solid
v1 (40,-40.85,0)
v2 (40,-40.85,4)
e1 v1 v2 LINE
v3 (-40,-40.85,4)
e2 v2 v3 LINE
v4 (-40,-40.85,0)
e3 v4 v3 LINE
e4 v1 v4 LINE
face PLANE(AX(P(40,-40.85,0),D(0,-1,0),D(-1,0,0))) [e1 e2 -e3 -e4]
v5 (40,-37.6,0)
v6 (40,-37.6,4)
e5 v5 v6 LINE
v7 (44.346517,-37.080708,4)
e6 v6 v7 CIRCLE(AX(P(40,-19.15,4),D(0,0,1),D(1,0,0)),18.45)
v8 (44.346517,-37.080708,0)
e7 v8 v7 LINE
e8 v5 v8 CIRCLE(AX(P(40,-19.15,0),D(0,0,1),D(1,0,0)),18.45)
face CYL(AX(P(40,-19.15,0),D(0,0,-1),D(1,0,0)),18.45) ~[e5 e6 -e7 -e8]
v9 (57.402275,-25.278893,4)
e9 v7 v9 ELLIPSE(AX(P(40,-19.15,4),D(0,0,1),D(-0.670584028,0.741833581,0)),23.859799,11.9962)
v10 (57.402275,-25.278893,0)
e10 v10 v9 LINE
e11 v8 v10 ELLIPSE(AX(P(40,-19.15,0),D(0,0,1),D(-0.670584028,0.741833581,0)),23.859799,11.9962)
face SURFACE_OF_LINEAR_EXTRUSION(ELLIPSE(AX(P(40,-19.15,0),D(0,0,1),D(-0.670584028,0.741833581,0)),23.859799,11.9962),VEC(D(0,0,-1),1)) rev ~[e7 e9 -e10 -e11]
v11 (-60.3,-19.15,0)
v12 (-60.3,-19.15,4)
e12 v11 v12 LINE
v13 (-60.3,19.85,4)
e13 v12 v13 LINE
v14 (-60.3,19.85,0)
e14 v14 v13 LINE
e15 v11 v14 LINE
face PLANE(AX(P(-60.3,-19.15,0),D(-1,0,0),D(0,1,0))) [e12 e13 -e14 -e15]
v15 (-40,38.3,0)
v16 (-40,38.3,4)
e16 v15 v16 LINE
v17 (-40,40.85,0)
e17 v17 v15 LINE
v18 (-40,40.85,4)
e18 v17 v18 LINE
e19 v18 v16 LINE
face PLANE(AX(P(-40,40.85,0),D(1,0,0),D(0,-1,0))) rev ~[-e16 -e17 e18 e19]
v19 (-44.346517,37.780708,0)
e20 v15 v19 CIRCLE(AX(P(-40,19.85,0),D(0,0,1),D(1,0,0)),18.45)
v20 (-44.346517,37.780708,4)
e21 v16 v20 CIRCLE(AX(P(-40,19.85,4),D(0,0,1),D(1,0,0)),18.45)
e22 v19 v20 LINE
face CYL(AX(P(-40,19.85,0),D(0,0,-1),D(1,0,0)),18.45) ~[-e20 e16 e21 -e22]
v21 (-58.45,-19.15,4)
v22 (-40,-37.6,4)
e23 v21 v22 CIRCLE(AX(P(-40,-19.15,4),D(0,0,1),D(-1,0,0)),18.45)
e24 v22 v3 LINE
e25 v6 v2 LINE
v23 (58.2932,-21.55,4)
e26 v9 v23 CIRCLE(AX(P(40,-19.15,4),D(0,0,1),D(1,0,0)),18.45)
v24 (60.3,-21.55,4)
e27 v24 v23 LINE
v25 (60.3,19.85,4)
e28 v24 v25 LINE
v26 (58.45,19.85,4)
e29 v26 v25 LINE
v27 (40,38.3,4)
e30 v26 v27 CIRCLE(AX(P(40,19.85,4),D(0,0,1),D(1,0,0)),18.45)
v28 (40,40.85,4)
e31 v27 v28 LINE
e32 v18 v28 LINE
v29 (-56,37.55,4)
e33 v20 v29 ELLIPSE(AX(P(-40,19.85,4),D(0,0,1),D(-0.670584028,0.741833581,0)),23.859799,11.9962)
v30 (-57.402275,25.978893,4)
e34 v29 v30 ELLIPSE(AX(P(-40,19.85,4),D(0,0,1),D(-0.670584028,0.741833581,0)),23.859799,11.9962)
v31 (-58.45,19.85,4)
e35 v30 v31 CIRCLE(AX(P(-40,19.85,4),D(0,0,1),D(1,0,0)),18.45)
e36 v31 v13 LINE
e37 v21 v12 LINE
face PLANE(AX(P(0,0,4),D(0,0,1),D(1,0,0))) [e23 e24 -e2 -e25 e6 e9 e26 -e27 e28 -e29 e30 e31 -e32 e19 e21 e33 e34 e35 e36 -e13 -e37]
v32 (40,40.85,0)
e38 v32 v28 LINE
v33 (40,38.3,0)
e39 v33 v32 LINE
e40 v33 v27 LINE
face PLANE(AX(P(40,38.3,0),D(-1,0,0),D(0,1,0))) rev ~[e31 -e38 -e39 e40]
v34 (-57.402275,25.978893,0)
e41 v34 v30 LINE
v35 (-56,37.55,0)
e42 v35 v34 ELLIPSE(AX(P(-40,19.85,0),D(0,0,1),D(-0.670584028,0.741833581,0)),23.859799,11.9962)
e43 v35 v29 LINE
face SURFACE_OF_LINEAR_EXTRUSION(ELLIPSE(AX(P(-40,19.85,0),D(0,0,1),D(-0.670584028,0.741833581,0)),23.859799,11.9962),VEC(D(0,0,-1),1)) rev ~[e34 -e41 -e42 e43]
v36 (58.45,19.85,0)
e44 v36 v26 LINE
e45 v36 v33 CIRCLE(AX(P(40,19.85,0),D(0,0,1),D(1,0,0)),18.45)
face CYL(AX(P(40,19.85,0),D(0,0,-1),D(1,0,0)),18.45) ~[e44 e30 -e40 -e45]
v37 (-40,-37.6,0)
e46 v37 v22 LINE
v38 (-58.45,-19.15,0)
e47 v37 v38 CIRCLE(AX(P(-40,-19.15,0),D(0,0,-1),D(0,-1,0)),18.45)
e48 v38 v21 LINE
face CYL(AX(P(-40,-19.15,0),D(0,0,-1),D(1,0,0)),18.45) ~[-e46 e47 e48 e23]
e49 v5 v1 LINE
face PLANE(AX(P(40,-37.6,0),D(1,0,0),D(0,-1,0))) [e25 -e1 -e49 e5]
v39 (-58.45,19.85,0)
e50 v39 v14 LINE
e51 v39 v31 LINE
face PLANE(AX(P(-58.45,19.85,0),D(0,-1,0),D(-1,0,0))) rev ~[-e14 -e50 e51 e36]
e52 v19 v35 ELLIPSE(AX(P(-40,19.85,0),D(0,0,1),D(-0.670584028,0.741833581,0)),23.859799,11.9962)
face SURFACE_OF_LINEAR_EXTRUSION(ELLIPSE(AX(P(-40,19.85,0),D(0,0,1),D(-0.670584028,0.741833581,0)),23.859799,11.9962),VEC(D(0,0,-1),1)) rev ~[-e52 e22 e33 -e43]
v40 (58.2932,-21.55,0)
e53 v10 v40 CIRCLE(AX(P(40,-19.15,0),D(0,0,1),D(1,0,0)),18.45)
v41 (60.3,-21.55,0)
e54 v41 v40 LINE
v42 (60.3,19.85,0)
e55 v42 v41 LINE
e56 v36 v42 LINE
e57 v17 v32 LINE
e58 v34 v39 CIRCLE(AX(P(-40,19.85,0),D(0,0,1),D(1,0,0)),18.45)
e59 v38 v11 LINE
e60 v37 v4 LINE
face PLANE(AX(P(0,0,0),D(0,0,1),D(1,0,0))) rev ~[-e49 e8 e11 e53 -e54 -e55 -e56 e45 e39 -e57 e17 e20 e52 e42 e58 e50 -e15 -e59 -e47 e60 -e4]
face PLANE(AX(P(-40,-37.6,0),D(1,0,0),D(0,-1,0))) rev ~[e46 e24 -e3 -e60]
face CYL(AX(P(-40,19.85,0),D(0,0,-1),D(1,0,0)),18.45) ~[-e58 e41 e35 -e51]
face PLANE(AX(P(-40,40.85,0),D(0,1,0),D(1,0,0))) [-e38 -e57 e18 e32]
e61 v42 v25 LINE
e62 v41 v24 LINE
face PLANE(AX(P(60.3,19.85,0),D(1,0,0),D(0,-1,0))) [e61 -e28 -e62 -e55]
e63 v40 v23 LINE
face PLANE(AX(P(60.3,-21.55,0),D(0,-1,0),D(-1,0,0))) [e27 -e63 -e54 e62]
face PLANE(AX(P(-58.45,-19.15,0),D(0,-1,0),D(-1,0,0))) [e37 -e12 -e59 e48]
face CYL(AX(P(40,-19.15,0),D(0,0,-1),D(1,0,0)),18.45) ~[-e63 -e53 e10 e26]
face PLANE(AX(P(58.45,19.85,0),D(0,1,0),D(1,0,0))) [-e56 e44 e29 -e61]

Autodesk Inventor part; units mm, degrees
ref_plane "YZ Plane" through (0, 0, 0) normal (1, 0, 0) x (0, 1, 0)
ref_plane "XZ Plane" through (0, 0, 0) normal (0, 1, 0) x (-1, 0, 0)
ref_plane "XY Plane" through (0, 0, 0) normal (0, 0, 1) x (1, 0, 0)
sketch "Skizze1" plane through (0, 0, 0) normal (0, 0, 1) x (1, 0, 0)
  line L0 (-62.3, -42.85) -> (62.3, -42.85)
  line L1 (62.3, -42.85) -> (62.3, 42.85)
  line L2 (62.3, 42.85) -> (-62.3, 42.85)
  line L3 (-62.3, 42.85) -> (-62.3, -42.85)
  line L4 (-62.3, -42.85) -> (62.3, 42.85) construction
  line L5 (62.3, -42.85) -> (-62.3, 42.85) construction
  line L6 (-62, 42.85) -> (62, 42.85)
  line L7 (64, 40.85) -> (64, -40.85)
  line L8 (62, -42.85) -> (-62, -42.85)
  line L9 (-64, -40.85) -> (-64, 40.85)
  line L10 (-64, 42.85) -> (64, -42.85) construction
  line L11 (64, 42.85) -> (-64, -42.85) construction
  circle A0 centre (-40, 19.85) radius 18.45
  circle A1 centre (0, 19.85) radius 18.45
  circle A2 centre (40, 19.85) radius 18.45
  circle A3 centre (-40, -19.15) radius 18.45
  circle A4 centre (0, -19.15) radius 18.45
  circle A5 centre (40, -19.15) radius 18.45
  arc A6 (64, 40.85) -> (62, 42.85) centre (62, 40.85) ccw
  arc A7 (62, -42.85) -> (64, -40.85) centre (62, -40.85) ccw
  arc A8 (-64, -40.85) -> (-62, -42.85) centre (-62, -40.85) ccw
  arc A9 (-62, 42.85) -> (-64, 40.85) centre (-62, 40.85) ccw
  line L12 (-60.3, 40.85) -> (60.3, 40.85)
  line L13 (60.3, 40.85) -> (60.3, -40.85)
  line L14 (60.3, -40.85) -> (-60.3, -40.85)
  line L15 (-60.3, -40.85) -> (-60.3, 40.85)
  line L16 (-60.3, 40.85) -> (60.3, -40.85) construction
  line L17 (60.3, 40.85) -> (-60.3, -40.85) construction
  ellipse E0 centre (40, 19.85) end of major axis (24, 37.55) minor radius 11.9962
  ellipse E1 centre (0, 19.85) end of major axis (-16, 37.55) minor radius 11.9962
  ellipse E2 centre (-40, 19.85) end of major axis (-56, 37.55) minor radius 11.9962
  ellipse E3 centre (40, -19.15) end of major axis (24, -1.45) minor radius 11.9962
  ellipse E4 centre (0, -19.15) end of major axis (-16, -1.45) minor radius 11.9962
  ellipse E5 centre (-40, -19.15) end of major axis (-56, -1.45) minor radius 11.9962
  line L18 (-40, 40.85) -> (-60.3, 40.85)
  line L19 (-60.3, 40.85) -> (-60.3, 19.85)
  line L20 (-58.45, 19.85) -> (-60.3, 19.85)
  line L21 (-58.45, -19.15) -> (-60.3, -19.15)
  line L22 (-60.3, -40.85) -> (-60.3, -19.15)
  line L23 (-40, -37.6) -> (-40, -40.85)
  line L24 (-60.3, -40.85) -> (-40, -40.85)
  arc A10 (-40, 38.3) -> (-58.45, 19.85) centre (-40, 19.85) ccw
  line L25 (-40, 40.85) -> (-40, 38.3)
  line L26 (40, 38.3) -> (40, 40.85)
  line L27 (58.45, 19.85) -> (60.3, 19.85)
  line L28 (58.45, -19.15) -> (60.3, -19.15)
  line L29 (40, -37.6) -> (40, -40.85)
  line L30 (-60.3, -19.15) -> (-60.3, -21.55)
  line L31 (-60.3, -21.55) -> (-58.2932, -21.55)
  line L32 (60.3, -21.55) -> (58.2932, -21.55)
  point P0 (0, 0)
  point P1 (0, 0)
  point P2 (62, 42.85)
  point P3 (-22.5977, -25.2789)
  point P4 (-35.6534, -37.0807)
  point P5 (-57.4023, -13.0211)
  point P6 (-44.3466, -1.2193)
  point P7 (17.4023, -25.2789)
  point P8 (4.3466, -37.0807)
  point P9 (-17.4023, -13.0211)
  point P10 (-4.3466, -1.2193)
  point P11 (57.4023, -25.2789)
  point P12 (44.3466, -37.0807)
  point P13 (22.5977, -13.0211)
  point P14 (35.6534, -1.2193)
  point P15 (-22.5977, 13.7211)
  point P16 (-35.6534, 1.9193)
  point P17 (-57.4023, 25.9789)
  point P18 (-44.3466, 37.7807)
  point P19 (17.4023, 13.7211)
  point P20 (4.3466, 1.9193)
  point P21 (-17.4023, 25.9789)
  point P22 (-4.3466, 37.7807)
  point P23 (57.4023, 13.7211)
  point P24 (44.3466, 1.9193)
  point P25 (22.5977, 25.9789)
  point P26 (35.6534, 37.7807)
  point P27 (17.4023, -25.2789)
  point P28 (4.3466, -37.0807)
  point P29 (-17.4023, -13.0211)
  point P30 (-4.3466, -1.2193)
  point P31 (22.5977, -13.0211)
  point P32 (35.6534, -1.2193)
  point P33 (57.4023, 13.7211)
  point P34 (44.3466, 1.9193)
  point P35 (22.5977, 25.9789)
  point P36 (35.6534, 37.7807)
  point P37 (-22.5977, 13.7211)
  point P38 (-35.6534, 1.9193)
  point P39 (-57.4023, -13.0211)
  point P40 (-44.3466, -1.2193)
  point P41 (-22.5977, -25.2789)
  point P42 (-35.6534, -37.0807)
  point P43 (17.4023, 13.7211)
  point P44 (4.3466, 1.9193)
  point P45 (-17.4023, 25.9789)
  point P46 (-4.3466, 37.7807)
  point P47 (-62.3, 42.8274)
  point P48 (-62.3, -42.8274)
  point P49 (-44.3466, 37.7807)
  point P50 (-57.4023, 25.9789)
  point P51 (62.3, -42.8274)
  point P52 (44.3466, -37.0807)
  point P53 (57.4023, -25.2789)
  point P54 (62, 42.85)
  point P55 (62.3, 42.8274)
  dimension "d8" = 124.6
  dimension "d9" = 85.7
  dimension "d10" = 128
  dimension "d11" = 85.7
  dimension "d12" = 36.9
  dimension "d13" = 22.3
  dimension "d14" = 40
  dimension "d15" = 39
  dimension "d16" = 23
  dimension "d17" = 2
  dimension "d18" = 2
  dimension "d19" = 120.6
  dimension "d20" = 81.7
  dimension "d21" = 40
  dimension "d22" = 39
  dimension "d23" = 2.4
extrude "Extrusion1" add sketch "Skizze1" along normal blind 4 contours A0 E2 | A0 L25 L12 L26 A2 E0 L27 L13 L28 A5 E3 L29 L14 L23 A3 E5 L21 L15 L20 E2 | E2 A0 | A0 E2 | A0 E2 | A0 E2 | A2 E0 | E0 A2 | A2 E0 | A3 E5 | L13 L32 A5 L28 | E0 A2 | E0 A2 | E5 A3 | A3 E5 | A5 E3 | A3 E5 | A3 E5 | E3 A5 | A5 E3 | E3 A5 | E3 A5 | A1 E1 | E1 A1 | A1 E1 | E1 A1 | E1 A1 | A4 E4 | E4 A4 | A4 E4 | E4 A4 | E4 A4
properties part number "CalibrationTarget"
